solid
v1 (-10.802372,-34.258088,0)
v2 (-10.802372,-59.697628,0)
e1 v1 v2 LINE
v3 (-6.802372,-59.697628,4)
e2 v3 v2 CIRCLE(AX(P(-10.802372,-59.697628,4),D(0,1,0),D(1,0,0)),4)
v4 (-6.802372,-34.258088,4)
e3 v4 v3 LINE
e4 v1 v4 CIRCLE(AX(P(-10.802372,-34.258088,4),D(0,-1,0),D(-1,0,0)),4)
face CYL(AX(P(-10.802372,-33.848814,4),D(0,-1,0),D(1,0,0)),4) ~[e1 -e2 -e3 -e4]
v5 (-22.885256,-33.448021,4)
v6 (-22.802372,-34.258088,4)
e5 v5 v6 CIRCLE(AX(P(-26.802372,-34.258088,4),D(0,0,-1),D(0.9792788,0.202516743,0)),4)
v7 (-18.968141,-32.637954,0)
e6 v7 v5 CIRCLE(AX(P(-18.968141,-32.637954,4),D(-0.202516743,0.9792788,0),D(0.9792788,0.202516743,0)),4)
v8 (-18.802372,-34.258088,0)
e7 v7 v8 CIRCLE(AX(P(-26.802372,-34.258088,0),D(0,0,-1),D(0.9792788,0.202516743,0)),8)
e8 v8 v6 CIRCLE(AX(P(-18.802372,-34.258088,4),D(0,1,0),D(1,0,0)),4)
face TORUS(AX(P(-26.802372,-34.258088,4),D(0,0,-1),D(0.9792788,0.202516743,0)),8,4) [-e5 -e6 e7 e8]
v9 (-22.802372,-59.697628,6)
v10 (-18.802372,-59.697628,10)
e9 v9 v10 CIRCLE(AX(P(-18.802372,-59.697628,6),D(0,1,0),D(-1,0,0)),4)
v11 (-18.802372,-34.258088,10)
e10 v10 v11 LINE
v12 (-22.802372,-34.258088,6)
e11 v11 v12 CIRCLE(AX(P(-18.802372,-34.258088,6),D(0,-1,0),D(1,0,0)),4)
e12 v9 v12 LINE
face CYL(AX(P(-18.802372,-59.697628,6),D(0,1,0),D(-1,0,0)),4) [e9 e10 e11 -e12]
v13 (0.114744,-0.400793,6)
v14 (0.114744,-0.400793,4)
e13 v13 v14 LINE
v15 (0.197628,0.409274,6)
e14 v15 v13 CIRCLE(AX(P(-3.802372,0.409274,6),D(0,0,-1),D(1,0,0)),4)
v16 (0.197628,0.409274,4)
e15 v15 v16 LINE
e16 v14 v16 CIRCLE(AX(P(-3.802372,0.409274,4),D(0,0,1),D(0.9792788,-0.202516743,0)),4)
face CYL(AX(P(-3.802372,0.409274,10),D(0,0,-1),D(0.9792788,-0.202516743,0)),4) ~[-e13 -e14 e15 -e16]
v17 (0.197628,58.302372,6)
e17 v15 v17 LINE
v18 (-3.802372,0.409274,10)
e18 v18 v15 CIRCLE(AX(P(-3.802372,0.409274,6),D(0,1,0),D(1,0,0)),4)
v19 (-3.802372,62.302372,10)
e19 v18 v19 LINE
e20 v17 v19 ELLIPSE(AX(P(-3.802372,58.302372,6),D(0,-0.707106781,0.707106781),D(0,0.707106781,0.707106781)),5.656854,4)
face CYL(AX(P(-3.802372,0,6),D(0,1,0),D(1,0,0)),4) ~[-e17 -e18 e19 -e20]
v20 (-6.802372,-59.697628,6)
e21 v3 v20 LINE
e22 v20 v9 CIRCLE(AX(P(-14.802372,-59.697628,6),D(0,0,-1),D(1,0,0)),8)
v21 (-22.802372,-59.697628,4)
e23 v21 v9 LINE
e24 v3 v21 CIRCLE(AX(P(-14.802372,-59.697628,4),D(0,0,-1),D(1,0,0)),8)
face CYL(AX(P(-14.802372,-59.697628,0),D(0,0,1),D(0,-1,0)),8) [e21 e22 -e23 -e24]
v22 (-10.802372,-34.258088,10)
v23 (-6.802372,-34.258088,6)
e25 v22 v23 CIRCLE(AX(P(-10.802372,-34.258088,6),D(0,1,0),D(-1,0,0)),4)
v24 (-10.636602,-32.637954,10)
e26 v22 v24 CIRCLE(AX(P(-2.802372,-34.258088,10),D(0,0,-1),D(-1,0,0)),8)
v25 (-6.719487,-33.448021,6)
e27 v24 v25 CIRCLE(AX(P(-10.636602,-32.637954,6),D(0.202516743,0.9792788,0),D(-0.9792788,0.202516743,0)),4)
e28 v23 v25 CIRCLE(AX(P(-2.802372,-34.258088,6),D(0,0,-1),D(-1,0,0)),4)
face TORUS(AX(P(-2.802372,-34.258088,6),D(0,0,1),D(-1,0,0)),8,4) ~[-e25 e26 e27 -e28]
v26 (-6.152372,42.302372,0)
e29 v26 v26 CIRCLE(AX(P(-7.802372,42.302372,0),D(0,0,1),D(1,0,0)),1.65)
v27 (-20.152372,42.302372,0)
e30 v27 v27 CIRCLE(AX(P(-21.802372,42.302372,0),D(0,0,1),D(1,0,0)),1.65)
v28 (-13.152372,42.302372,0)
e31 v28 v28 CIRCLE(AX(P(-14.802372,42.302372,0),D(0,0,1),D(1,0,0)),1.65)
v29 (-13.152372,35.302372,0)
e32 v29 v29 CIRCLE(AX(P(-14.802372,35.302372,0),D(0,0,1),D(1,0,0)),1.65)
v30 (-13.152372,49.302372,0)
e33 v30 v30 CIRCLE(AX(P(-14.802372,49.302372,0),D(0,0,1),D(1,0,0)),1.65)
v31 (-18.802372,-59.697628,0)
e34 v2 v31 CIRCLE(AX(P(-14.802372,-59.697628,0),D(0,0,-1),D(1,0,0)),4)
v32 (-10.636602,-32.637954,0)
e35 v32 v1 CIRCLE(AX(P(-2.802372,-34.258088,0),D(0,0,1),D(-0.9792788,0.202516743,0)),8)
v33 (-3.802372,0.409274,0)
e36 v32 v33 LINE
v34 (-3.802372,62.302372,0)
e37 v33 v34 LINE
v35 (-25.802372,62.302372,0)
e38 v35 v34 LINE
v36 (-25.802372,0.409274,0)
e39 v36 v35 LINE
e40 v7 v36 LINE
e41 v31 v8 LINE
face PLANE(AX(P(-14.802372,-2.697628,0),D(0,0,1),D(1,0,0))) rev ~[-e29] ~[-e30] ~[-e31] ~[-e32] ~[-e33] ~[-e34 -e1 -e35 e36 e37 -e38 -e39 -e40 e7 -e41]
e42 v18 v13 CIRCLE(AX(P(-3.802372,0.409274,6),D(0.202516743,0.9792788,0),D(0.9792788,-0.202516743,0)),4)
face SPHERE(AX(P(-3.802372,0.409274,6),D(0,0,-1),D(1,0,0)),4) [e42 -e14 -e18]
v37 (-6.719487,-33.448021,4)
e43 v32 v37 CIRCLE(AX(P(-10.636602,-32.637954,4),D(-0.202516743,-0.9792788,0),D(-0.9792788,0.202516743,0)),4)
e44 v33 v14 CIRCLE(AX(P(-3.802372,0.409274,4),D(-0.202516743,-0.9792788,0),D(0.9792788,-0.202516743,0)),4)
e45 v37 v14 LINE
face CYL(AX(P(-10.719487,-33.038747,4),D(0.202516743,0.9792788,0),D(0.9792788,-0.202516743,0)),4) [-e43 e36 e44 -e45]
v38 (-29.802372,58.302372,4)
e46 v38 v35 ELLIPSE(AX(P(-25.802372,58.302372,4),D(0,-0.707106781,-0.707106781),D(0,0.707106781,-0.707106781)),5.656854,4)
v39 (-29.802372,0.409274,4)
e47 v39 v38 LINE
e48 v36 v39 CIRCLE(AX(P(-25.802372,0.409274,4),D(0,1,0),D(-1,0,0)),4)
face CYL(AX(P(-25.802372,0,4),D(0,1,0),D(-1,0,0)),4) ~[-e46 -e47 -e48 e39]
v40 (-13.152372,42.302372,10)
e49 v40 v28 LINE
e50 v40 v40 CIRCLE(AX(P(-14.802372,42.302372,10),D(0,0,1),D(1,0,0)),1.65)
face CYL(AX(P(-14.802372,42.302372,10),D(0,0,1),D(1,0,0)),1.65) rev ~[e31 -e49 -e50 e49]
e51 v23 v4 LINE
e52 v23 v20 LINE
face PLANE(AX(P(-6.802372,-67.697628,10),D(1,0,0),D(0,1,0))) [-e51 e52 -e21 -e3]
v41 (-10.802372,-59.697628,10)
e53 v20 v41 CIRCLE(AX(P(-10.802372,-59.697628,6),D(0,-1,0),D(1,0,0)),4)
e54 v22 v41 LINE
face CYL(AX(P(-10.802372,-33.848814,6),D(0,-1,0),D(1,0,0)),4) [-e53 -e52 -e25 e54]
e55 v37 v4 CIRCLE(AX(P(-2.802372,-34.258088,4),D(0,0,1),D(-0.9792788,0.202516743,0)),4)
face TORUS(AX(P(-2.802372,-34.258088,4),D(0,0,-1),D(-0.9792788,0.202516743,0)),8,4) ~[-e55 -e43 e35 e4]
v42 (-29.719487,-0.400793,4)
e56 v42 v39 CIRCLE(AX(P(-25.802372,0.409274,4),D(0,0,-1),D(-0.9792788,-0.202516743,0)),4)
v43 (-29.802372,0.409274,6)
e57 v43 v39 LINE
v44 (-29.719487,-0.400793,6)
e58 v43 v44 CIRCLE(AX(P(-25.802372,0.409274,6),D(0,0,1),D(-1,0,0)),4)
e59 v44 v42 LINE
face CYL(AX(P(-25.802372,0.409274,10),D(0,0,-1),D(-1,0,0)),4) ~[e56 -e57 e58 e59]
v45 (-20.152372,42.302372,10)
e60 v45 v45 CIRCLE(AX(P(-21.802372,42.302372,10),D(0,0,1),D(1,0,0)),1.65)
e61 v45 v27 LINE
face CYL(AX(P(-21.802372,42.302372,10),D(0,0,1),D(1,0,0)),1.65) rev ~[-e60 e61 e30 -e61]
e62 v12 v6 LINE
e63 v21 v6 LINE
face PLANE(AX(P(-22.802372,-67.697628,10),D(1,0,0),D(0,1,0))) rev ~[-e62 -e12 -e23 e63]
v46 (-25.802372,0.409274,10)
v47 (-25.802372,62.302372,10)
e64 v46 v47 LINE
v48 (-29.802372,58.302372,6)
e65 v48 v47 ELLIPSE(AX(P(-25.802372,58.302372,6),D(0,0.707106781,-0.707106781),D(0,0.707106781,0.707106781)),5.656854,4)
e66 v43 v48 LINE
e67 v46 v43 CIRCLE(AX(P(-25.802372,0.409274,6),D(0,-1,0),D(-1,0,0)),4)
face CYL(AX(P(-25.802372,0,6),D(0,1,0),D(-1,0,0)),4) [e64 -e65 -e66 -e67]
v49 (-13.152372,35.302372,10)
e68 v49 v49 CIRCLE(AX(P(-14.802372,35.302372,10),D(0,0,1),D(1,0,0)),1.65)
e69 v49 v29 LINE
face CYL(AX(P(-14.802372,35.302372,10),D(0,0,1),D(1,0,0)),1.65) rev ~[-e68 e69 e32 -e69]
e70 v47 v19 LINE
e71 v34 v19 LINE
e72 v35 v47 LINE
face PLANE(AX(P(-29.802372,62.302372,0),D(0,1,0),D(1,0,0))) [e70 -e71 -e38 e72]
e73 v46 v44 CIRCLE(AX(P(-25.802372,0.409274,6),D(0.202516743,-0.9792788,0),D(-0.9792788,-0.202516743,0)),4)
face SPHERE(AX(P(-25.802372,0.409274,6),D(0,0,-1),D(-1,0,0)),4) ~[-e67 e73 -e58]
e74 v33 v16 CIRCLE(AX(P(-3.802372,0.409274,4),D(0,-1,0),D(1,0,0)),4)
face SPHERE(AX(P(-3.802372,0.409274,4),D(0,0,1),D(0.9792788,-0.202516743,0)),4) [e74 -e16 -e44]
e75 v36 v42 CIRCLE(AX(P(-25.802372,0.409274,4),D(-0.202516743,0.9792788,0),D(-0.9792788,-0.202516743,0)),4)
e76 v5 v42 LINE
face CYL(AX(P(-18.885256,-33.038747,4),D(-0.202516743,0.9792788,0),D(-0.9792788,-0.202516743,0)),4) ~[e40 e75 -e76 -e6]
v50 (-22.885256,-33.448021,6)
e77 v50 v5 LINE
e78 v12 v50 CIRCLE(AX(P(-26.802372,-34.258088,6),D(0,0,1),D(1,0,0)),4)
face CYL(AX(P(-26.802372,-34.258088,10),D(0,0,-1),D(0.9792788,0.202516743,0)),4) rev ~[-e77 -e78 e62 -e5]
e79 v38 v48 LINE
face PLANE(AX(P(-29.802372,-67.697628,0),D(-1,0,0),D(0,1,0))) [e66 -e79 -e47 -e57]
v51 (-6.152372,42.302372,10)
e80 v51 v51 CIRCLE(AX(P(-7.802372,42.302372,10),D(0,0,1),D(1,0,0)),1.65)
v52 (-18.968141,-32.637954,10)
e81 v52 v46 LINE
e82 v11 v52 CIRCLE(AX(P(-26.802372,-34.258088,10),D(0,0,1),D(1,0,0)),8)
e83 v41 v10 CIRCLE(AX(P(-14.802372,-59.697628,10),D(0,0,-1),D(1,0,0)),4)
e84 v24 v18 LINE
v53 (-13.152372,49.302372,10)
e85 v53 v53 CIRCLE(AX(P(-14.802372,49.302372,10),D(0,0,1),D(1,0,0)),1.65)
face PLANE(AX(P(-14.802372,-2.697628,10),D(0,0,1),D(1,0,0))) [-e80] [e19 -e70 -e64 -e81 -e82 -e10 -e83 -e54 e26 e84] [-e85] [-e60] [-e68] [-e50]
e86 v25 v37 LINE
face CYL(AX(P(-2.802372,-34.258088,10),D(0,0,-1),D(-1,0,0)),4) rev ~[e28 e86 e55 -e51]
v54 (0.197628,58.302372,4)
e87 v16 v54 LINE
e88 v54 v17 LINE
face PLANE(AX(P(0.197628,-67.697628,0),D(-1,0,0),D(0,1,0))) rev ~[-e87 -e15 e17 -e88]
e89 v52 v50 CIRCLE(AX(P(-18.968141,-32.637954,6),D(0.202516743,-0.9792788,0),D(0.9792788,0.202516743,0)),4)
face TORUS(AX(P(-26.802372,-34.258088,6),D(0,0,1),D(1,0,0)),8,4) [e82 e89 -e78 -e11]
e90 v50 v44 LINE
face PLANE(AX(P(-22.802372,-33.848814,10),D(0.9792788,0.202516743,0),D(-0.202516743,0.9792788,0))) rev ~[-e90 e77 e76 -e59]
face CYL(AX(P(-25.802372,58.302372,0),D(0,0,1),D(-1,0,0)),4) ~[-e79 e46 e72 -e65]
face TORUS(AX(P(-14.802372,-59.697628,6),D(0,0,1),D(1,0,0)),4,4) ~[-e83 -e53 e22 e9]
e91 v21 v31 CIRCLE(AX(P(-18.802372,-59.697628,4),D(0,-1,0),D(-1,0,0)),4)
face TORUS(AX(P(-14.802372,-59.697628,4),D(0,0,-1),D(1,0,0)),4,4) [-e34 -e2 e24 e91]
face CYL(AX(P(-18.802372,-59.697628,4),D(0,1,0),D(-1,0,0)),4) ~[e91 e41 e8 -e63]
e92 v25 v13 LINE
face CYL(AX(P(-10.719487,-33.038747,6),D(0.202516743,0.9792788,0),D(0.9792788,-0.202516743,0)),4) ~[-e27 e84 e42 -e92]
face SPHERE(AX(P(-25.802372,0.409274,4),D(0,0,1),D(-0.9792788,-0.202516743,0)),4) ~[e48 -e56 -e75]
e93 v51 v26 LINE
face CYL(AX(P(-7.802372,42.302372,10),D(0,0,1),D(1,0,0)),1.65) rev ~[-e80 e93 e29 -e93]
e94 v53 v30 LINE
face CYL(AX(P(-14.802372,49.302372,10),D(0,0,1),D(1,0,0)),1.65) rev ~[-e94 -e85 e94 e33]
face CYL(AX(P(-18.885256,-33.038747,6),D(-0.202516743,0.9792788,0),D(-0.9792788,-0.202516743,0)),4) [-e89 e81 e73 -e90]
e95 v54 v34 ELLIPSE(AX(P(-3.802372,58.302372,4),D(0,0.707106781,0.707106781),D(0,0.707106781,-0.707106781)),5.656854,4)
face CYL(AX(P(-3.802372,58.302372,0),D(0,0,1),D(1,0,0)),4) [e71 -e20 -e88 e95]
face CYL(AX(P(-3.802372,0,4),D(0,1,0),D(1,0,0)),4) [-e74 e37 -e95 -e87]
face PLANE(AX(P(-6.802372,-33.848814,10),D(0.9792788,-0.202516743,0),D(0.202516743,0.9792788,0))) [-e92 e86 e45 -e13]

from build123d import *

# Parameters (mm, degrees)
SKETCH2_W           = 30
SKETCH2_H           = 130
BOSS_EXTRUDE1_DEPTH = 10
CUT_EXTRUDE3_DEPTH  = 75.64013832
FILLET3_RADIUS      = 8
FILLET3_LENGTH      = 10
FILLET4_R           = 4
SKETCH3_R           = 1.65
CUT_EXTRUDE4_DEPTH  = 75.64013841


with BuildPart() as part:
    # Sketch2 → Boss-Extrude1 (new body)
    with BuildSketch(Plane.XY):
        with Locations((-14.802371542, -2.697628458)):
            Rectangle(SKETCH2_W, SKETCH2_H)
    extrude(amount=BOSS_EXTRUDE1_DEPTH)

    # Sketch6 → Cut-Extrude3 (cut, through all)
    with BuildSketch(Plane.XY.offset(10)):
        Polygon((-29.802371542, -67.697628458), (-22.802371542, -67.697628458), (-22.802371542, -33.848814229), (-29.802371542, 0), align=None)
        Polygon((0.197628458, -67.697628458), (-6.802371542, -67.697628458), (-6.802371542, -33.848814229), (0.197628458, 0), align=None)
    extrude(amount=-CUT_EXTRUDE3_DEPTH, mode=Mode.SUBTRACT)

    # Fillet3: full round fillet: the end face becomes a half cylinder, R = half its width
    fillet3_face = Plane((-14.802371542, -67.697628458, 5), x_dir=(0, 0, 1), z_dir=(0, -1, 0))  # on the end face: x along it, z out of the body
    fillet3_slab = fillet3_face.offset(-FILLET3_RADIUS / 2) * Box(FILLET3_LENGTH, 2 * FILLET3_RADIUS, FILLET3_RADIUS, mode=Mode.PRIVATE)  # the body's end, R deep
    fillet3_round = Plane((-14.802371542, -59.697628458, 5), x_dir=(0, -1, 0), z_dir=(0, 0, 1)) * Cylinder(FILLET3_RADIUS, FILLET3_LENGTH, mode=Mode.PRIVATE)  # its axis R under the face
    add(fillet3_slab - fillet3_round, mode=Mode.SUBTRACT)

    # Fillet4
    fillet4_edges = [part.edges().sort_by_distance(p)[0] for p in [
        (0.197628458, 31.151185771, 0),
        (0.197628458, 31.151185771, 10),
        (-3.302371542, -16.924407115, 10),
        (-6.802371542, -33.848814229, 5),
        (0.197628458, 0, 5),
        (-3.302371542, -16.924407115, 0),
        (-26.302371542, -16.924407115, 10),
        (-29.802371542, 0, 5),
        (-22.802371542, -33.848814229, 5),
        (-26.302371542, -16.924407115, 0),
        (-22.802371542, -46.773221344, 10),
        (-22.802371542, -46.773221344, 0),
        (-6.802371542, -46.773221344, 10),
        (-6.802371542, -46.773221344, 0),
        (-14.802371542, -67.697628458, 0),
        (-14.802371542, -67.697628458, 10),
        (-29.802371542, 31.151185771, 10),
        (-29.802371542, 31.151185771, 0),
        (-29.802371542, 62.302371542, 5),
        (0.197628458, 62.302371542, 5),
    ]]
    fillet(fillet4_edges, radius=FILLET4_R)

    # Sketch3 → Cut-Extrude4 (cut, through all)
    with BuildSketch(Plane.XY.offset(10)):
        with Locations((-21.802371542, 42.302371542)):
            Circle(SKETCH3_R)
        with Locations((-14.802371542, 49.302371542)):
            Circle(SKETCH3_R)
        with Locations((-7.802371542, 42.302371542)):
            Circle(SKETCH3_R)
        with Locations((-14.802371542, 35.302371542)):
            Circle(SKETCH3_R)
        with Locations((-14.802371542, 42.302371542)):
            Circle(SKETCH3_R)
    extrude(amount=-CUT_EXTRUDE4_DEPTH, mode=Mode.SUBTRACT)


solid = part.part
